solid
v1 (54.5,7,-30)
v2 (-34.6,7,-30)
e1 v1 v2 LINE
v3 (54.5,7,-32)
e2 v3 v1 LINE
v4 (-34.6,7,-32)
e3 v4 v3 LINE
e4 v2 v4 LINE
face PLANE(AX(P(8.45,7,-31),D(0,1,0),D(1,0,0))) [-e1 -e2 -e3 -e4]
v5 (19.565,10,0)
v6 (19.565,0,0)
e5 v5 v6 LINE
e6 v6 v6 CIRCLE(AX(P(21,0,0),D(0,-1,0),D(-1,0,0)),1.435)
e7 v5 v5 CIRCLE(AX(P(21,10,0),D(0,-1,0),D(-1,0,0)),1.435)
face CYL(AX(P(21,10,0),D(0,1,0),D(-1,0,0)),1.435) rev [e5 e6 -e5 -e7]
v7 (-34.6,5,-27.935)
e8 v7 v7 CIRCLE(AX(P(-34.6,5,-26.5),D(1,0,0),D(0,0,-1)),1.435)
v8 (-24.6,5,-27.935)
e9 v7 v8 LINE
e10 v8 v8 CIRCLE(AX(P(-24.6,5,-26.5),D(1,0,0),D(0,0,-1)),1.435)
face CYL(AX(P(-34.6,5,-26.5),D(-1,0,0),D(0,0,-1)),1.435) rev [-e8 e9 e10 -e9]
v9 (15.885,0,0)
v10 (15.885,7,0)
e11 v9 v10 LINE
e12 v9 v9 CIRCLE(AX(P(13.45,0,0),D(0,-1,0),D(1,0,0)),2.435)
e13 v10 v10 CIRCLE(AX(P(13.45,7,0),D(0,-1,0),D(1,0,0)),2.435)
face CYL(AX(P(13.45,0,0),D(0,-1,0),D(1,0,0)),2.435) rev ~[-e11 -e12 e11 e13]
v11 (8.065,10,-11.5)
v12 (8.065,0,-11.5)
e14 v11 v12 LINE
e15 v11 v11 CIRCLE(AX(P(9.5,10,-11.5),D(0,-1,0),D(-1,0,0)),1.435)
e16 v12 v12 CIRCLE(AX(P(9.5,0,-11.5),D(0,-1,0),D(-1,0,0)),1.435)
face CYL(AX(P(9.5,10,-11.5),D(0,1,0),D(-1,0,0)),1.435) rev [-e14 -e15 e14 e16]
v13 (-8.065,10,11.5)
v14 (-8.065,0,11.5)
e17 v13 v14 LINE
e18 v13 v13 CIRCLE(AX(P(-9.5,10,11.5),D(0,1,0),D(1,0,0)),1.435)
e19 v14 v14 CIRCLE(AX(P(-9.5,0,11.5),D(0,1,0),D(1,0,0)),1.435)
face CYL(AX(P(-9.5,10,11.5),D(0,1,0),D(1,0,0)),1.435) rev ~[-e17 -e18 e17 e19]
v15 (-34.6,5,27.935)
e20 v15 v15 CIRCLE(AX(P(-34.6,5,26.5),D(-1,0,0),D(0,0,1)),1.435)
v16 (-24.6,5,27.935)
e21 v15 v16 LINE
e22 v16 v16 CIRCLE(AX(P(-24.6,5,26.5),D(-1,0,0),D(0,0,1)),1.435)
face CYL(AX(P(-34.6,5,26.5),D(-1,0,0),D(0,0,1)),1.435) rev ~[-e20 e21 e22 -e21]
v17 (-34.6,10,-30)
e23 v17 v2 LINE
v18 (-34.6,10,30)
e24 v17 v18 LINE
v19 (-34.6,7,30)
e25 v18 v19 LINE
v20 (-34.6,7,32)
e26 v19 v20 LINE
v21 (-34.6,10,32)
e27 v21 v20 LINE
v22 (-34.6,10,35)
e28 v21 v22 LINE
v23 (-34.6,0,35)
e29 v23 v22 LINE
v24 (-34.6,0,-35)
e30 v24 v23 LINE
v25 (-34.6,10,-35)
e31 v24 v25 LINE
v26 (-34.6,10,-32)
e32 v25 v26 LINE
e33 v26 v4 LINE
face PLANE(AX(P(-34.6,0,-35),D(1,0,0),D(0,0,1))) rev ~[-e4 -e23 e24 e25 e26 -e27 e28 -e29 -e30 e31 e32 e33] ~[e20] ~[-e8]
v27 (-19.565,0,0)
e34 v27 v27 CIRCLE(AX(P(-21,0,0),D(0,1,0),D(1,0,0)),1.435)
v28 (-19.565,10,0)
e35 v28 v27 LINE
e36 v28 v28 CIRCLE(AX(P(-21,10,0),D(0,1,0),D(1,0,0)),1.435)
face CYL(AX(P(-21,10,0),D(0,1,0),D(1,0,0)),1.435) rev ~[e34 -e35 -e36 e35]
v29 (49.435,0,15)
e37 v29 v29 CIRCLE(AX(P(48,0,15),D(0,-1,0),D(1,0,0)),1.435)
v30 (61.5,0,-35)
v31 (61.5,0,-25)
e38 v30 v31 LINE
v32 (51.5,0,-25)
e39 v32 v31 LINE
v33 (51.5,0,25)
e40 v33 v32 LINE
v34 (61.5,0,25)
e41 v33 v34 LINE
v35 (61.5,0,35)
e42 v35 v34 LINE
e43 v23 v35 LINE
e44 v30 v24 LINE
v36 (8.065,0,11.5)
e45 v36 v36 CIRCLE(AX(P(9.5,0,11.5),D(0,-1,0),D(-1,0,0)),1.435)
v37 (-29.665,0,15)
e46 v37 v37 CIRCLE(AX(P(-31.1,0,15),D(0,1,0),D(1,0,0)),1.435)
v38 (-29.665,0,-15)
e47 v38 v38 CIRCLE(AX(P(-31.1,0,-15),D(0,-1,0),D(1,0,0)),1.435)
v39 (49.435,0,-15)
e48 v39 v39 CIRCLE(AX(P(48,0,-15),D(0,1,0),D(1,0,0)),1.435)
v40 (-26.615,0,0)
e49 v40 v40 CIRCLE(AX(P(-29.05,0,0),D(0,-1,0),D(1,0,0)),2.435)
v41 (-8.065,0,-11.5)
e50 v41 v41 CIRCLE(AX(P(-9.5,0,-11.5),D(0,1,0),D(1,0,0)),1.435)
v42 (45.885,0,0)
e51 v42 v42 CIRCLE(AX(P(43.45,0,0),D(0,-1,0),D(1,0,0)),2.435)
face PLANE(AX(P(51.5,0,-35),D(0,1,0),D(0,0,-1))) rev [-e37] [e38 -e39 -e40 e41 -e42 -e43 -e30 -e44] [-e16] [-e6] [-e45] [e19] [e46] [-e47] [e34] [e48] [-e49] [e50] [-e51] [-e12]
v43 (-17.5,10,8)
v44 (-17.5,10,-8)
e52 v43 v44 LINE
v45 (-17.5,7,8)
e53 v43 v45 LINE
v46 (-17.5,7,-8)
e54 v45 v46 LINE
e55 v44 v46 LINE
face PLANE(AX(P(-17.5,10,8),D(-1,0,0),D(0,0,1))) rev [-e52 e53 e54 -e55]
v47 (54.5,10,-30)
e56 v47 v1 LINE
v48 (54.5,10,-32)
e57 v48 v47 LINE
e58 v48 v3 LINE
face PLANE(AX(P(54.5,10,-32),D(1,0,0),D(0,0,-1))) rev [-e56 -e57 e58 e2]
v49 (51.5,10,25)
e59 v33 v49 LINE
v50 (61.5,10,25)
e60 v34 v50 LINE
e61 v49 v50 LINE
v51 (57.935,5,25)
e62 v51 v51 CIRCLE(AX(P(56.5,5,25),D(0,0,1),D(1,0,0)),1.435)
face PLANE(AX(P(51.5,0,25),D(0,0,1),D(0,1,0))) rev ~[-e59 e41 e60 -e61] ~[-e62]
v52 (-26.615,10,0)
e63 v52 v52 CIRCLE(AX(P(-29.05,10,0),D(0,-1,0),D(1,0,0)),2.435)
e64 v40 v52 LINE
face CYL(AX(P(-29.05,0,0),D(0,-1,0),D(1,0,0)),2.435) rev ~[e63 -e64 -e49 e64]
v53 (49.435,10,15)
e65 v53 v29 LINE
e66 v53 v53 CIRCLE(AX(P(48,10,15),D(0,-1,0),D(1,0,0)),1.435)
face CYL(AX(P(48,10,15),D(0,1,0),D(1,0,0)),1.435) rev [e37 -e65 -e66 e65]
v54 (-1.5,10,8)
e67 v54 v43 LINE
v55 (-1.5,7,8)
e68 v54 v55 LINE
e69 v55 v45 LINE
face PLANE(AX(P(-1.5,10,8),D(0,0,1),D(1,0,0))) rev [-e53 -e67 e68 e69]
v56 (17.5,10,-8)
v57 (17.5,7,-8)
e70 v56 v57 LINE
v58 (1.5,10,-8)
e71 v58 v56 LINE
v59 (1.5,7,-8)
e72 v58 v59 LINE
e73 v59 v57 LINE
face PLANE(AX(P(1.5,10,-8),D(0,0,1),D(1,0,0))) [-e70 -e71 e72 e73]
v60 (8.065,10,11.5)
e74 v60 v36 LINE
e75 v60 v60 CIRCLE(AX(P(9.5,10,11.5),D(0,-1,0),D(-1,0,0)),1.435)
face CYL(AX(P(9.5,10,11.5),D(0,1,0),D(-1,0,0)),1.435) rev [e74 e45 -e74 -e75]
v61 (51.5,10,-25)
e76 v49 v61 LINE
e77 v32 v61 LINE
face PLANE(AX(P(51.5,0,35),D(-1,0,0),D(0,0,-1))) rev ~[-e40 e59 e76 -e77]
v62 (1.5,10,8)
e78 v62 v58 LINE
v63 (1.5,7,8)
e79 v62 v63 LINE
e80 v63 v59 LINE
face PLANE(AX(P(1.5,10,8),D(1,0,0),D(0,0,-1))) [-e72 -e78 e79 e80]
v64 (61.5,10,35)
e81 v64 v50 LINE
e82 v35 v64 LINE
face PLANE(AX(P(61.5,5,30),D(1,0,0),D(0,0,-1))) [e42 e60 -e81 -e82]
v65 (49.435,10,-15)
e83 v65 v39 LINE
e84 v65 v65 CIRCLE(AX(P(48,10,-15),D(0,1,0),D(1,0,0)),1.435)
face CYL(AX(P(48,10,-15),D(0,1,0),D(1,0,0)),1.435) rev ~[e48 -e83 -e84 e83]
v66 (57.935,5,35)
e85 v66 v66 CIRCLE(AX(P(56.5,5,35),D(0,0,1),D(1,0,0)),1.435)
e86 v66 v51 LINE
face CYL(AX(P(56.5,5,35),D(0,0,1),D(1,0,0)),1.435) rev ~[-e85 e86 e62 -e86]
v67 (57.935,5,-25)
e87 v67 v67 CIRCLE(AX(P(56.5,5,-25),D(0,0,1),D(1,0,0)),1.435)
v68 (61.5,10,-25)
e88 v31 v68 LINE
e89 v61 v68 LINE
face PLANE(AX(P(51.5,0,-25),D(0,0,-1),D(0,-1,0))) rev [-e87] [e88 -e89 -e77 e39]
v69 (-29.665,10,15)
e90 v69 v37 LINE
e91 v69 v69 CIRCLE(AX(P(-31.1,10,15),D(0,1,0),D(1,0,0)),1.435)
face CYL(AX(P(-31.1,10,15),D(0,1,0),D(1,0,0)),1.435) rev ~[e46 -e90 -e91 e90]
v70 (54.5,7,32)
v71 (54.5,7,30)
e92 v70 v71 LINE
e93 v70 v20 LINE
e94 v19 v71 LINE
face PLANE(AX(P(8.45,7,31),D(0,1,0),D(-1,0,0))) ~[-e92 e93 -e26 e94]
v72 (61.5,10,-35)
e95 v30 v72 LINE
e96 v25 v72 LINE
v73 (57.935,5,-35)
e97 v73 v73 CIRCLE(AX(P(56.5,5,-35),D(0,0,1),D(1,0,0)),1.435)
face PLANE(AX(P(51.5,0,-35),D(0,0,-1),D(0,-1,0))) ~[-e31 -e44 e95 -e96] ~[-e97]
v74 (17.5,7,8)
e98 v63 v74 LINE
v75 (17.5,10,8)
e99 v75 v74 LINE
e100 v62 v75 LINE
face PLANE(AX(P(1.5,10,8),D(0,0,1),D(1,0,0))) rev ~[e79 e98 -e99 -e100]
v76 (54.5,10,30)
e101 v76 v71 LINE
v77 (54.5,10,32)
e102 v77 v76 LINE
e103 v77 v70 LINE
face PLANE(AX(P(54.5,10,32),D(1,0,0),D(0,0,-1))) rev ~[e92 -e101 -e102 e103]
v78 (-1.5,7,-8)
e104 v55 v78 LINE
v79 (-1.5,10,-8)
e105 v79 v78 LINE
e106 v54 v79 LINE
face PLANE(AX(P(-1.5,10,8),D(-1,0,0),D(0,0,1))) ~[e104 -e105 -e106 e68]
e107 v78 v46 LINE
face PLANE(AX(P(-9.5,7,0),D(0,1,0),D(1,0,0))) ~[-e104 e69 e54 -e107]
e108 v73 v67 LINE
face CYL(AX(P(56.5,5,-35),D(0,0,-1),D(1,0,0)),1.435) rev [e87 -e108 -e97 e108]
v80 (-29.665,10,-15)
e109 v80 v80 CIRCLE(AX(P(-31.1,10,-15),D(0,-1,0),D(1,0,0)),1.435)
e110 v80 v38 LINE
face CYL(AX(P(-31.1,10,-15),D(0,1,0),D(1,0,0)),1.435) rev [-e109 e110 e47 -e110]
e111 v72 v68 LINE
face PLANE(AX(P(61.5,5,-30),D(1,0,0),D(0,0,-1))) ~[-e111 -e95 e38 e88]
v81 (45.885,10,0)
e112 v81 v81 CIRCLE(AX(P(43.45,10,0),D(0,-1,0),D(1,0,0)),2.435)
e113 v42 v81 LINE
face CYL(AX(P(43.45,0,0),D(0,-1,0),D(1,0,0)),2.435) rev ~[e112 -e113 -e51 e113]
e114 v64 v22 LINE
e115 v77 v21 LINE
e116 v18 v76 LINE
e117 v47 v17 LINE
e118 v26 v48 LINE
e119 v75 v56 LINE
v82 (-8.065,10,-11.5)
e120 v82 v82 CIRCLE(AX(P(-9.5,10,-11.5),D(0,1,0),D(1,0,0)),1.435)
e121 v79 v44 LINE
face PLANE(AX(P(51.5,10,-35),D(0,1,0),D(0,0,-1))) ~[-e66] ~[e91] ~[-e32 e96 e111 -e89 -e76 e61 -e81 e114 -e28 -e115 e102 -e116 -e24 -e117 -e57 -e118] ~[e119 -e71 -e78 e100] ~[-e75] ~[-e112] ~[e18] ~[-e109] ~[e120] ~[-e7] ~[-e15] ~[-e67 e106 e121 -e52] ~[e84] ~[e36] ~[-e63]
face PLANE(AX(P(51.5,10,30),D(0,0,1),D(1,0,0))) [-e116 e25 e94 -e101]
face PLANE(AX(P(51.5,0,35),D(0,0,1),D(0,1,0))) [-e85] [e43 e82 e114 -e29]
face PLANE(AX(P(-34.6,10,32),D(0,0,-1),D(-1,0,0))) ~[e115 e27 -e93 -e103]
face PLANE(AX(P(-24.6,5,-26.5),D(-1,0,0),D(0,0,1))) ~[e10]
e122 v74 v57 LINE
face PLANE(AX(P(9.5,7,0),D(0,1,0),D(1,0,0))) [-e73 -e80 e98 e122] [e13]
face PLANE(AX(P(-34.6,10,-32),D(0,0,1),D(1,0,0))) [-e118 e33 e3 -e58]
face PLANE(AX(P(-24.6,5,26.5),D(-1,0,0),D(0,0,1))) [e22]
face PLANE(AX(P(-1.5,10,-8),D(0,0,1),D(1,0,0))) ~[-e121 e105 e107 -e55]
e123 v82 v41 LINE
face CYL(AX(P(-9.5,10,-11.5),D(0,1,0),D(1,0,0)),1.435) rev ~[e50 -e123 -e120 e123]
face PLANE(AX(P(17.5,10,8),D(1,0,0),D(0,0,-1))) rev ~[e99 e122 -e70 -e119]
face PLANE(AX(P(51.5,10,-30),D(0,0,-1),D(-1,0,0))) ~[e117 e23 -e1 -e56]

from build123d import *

# Parameters (mm, degrees)
SALIENTE_EXTRUIR1_DEPTH = 10
CROQUIS7_W              = 86.1
CROQUIS7_H              = 2
CORTAR_EXTRUIR4_DEPTH   = 3
CROQUIS15_R             = 1.435
CORTAR_EXTRUIR10_DEPTH  = 10
CROQUIS16_W             = 10
CROQUIS16_H             = 10
SALIENTE_EXTRUIR7_DEPTH = 10
CROQUIS17_W             = 3
CROQUIS17_H             = 2
CORTAR_EXTRUIR11_DEPTH  = 3
CROQUIS18_R             = 1.435
CORTAR_EXTRUIR12_DEPTH  = 10
CROQUIS19_R             = 1.435
CORTAR_EXTRUIR13_DEPTH  = 10
CROQUIS20_R             = 1.435
CORTAR_EXTRUIR14_DEPTH  = 10
CROQUIS21_R             = 2.435
CORTAR_EXTRUIR15_DEPTH  = 10
CROQUIS2_W              = 16
CROQUIS2_H              = 16
CORTAR_EXTRUIR16_DEPTH  = 3
CROQUIS22_R             = 1.435
CORTAR_EXTRUIR17_DEPTH  = 10


with BuildPart() as part:
    # Croquis1 → Saliente-Extruir1 (new body)
    with BuildSketch(Plane(origin=(0, 0, 0), x_dir=(1, 0, 0), z_dir=(0, 1, 0))):
        Polygon((22.5, -35), (51.5, -35), (51.5, 35), (22.5, 35), (-22.5, 35), (-34.6, 35), (-34.6, -35), (-22.5, -35), align=None)
    extrude(amount=SALIENTE_EXTRUIR1_DEPTH)

    # Croquis7 → Cortar-Extruir4 (cut)
    with BuildSketch(Plane(origin=(0, 10, 0), x_dir=(1, 0, 0), z_dir=(0, 1, 0))):
        with Locations((8.45, 31)):
            Rectangle(CROQUIS7_W, CROQUIS7_H)
    cortar_extruir4 = extrude(amount=-CORTAR_EXTRUIR4_DEPTH, mode=Mode.SUBTRACT)

    # Simetría2: Cortar-Extruir4 across plane
    add(cortar_extruir4.mirror(Plane.XY), mode=Mode.SUBTRACT)

    # Croquis15 → Cortar-Extruir10 (cut)
    with BuildSketch(Plane(origin=(0, 10, 0), x_dir=(1, 0, 0), z_dir=(0, 1, 0))):
        with Locations((-31.1, -15)):
            Circle(CROQUIS15_R)
    cortar_extruir10 = extrude(amount=-CORTAR_EXTRUIR10_DEPTH, mode=Mode.SUBTRACT)

    # Simetría4: Cortar-Extruir10 across plane
    add(cortar_extruir10.mirror(Plane.XY), mode=Mode.SUBTRACT)

    # Croquis16 → Saliente-Extruir7 (add)
    with BuildSketch(Plane(origin=(51.5, 0, 0), x_dir=(0, 0, -1), z_dir=(1, 0, 0))):
        with Locations((-30, 5)):
            Rectangle(CROQUIS16_W, CROQUIS16_H)
    saliente_extruir7 = extrude(amount=SALIENTE_EXTRUIR7_DEPTH)

    # Croquis17 → Cortar-Extruir11 (cut)
    with BuildSketch(Plane(origin=(0, 10, 0), x_dir=(1, 0, 0), z_dir=(0, 1, 0))):
        with Locations((53, -31)):
            Rectangle(CROQUIS17_W, CROQUIS17_H)
    cortar_extruir11 = extrude(amount=-CORTAR_EXTRUIR11_DEPTH, mode=Mode.SUBTRACT)

    # Simetría5: Saliente-Extruir7, Cortar-Extruir11 across plane
    add(saliente_extruir7.mirror(Plane.XY))
    add(cortar_extruir11.mirror(Plane.XY), mode=Mode.SUBTRACT)

    # Croquis18 → Cortar-Extruir12 (cut)
    with BuildSketch(Plane(origin=(0, 10, 0), x_dir=(1, 0, 0), z_dir=(0, 1, 0))):
        with Locations((48, 15)):
            Circle(CROQUIS18_R)
    cortar_extruir12 = extrude(amount=-CORTAR_EXTRUIR12_DEPTH, mode=Mode.SUBTRACT)

    # Simetría6: Cortar-Extruir12 across plane
    add(cortar_extruir12.mirror(Plane.XY), mode=Mode.SUBTRACT)

    # Croquis19 → Cortar-Extruir13 (cut)
    with BuildSketch(Plane.ZY.offset(34.6)):
        with Locations((26.5, 5)):
            Circle(CROQUIS19_R)
    cortar_extruir13 = extrude(amount=-CORTAR_EXTRUIR13_DEPTH, mode=Mode.SUBTRACT)

    # Simetría7: Cortar-Extruir13 across plane
    add(cortar_extruir13.mirror(Plane.XY), mode=Mode.SUBTRACT)

    # Croquis20 → Cortar-Extruir14 (cut)
    with BuildSketch(Plane.XY.offset(35)):
        with Locations((56.5, 5)):
            Circle(CROQUIS20_R)
    cortar_extruir14 = extrude(amount=-CORTAR_EXTRUIR14_DEPTH, mode=Mode.SUBTRACT)

    # Simetría8: Cortar-Extruir14 across plane
    add(cortar_extruir14.mirror(Plane.XY), mode=Mode.SUBTRACT)

    # Croquis21 → Cortar-Extruir15 (cut)
    with BuildSketch(Plane.XZ):
        with Locations((13.45, 0)):
            Circle(CROQUIS21_R)
        with Locations((43.45, 0)):
            Circle(CROQUIS21_R)
        with Locations((-29.05, 0)):
            Circle(CROQUIS21_R)
    extrude(amount=-CORTAR_EXTRUIR15_DEPTH, mode=Mode.SUBTRACT)

    # Croquis2 → Cortar-Extruir16 (cut)
    with BuildSketch(Plane(origin=(0, 10, 0), x_dir=(1, 0, 0), z_dir=(0, 1, 0))):
        with Locations((9.5, 0)):
            Rectangle(CROQUIS2_W, CROQUIS2_H)
    cortar_extruir16 = extrude(amount=-CORTAR_EXTRUIR16_DEPTH, mode=Mode.SUBTRACT)

    # Simetría9: Cortar-Extruir16 across plane
    add(cortar_extruir16.mirror(Plane(origin=(0, 0, 0), x_dir=(0, 0, 1), z_dir=(1, 0, 0))), mode=Mode.SUBTRACT)

    # Croquis22 → Cortar-Extruir17 (cut)
    with BuildSketch(Plane(origin=(0, 10, 0), x_dir=(1, 0, 0), z_dir=(0, 1, 0))):
        with Locations((-9.5, 11.5)):
            Circle(CROQUIS22_R)
        with Locations((-21, 0)):
            Circle(CROQUIS22_R)
        with Locations((-9.5, -11.5)):
            Circle(CROQUIS22_R)
    cortar_extruir17 = extrude(amount=-CORTAR_EXTRUIR17_DEPTH, mode=Mode.SUBTRACT)

    # Simetría10: Cortar-Extruir17 across plane
    add(cortar_extruir17.mirror(Plane(origin=(0, 0, 0), x_dir=(0, 0, 1), z_dir=(1, 0, 0))), mode=Mode.SUBTRACT)


solid = part.part
